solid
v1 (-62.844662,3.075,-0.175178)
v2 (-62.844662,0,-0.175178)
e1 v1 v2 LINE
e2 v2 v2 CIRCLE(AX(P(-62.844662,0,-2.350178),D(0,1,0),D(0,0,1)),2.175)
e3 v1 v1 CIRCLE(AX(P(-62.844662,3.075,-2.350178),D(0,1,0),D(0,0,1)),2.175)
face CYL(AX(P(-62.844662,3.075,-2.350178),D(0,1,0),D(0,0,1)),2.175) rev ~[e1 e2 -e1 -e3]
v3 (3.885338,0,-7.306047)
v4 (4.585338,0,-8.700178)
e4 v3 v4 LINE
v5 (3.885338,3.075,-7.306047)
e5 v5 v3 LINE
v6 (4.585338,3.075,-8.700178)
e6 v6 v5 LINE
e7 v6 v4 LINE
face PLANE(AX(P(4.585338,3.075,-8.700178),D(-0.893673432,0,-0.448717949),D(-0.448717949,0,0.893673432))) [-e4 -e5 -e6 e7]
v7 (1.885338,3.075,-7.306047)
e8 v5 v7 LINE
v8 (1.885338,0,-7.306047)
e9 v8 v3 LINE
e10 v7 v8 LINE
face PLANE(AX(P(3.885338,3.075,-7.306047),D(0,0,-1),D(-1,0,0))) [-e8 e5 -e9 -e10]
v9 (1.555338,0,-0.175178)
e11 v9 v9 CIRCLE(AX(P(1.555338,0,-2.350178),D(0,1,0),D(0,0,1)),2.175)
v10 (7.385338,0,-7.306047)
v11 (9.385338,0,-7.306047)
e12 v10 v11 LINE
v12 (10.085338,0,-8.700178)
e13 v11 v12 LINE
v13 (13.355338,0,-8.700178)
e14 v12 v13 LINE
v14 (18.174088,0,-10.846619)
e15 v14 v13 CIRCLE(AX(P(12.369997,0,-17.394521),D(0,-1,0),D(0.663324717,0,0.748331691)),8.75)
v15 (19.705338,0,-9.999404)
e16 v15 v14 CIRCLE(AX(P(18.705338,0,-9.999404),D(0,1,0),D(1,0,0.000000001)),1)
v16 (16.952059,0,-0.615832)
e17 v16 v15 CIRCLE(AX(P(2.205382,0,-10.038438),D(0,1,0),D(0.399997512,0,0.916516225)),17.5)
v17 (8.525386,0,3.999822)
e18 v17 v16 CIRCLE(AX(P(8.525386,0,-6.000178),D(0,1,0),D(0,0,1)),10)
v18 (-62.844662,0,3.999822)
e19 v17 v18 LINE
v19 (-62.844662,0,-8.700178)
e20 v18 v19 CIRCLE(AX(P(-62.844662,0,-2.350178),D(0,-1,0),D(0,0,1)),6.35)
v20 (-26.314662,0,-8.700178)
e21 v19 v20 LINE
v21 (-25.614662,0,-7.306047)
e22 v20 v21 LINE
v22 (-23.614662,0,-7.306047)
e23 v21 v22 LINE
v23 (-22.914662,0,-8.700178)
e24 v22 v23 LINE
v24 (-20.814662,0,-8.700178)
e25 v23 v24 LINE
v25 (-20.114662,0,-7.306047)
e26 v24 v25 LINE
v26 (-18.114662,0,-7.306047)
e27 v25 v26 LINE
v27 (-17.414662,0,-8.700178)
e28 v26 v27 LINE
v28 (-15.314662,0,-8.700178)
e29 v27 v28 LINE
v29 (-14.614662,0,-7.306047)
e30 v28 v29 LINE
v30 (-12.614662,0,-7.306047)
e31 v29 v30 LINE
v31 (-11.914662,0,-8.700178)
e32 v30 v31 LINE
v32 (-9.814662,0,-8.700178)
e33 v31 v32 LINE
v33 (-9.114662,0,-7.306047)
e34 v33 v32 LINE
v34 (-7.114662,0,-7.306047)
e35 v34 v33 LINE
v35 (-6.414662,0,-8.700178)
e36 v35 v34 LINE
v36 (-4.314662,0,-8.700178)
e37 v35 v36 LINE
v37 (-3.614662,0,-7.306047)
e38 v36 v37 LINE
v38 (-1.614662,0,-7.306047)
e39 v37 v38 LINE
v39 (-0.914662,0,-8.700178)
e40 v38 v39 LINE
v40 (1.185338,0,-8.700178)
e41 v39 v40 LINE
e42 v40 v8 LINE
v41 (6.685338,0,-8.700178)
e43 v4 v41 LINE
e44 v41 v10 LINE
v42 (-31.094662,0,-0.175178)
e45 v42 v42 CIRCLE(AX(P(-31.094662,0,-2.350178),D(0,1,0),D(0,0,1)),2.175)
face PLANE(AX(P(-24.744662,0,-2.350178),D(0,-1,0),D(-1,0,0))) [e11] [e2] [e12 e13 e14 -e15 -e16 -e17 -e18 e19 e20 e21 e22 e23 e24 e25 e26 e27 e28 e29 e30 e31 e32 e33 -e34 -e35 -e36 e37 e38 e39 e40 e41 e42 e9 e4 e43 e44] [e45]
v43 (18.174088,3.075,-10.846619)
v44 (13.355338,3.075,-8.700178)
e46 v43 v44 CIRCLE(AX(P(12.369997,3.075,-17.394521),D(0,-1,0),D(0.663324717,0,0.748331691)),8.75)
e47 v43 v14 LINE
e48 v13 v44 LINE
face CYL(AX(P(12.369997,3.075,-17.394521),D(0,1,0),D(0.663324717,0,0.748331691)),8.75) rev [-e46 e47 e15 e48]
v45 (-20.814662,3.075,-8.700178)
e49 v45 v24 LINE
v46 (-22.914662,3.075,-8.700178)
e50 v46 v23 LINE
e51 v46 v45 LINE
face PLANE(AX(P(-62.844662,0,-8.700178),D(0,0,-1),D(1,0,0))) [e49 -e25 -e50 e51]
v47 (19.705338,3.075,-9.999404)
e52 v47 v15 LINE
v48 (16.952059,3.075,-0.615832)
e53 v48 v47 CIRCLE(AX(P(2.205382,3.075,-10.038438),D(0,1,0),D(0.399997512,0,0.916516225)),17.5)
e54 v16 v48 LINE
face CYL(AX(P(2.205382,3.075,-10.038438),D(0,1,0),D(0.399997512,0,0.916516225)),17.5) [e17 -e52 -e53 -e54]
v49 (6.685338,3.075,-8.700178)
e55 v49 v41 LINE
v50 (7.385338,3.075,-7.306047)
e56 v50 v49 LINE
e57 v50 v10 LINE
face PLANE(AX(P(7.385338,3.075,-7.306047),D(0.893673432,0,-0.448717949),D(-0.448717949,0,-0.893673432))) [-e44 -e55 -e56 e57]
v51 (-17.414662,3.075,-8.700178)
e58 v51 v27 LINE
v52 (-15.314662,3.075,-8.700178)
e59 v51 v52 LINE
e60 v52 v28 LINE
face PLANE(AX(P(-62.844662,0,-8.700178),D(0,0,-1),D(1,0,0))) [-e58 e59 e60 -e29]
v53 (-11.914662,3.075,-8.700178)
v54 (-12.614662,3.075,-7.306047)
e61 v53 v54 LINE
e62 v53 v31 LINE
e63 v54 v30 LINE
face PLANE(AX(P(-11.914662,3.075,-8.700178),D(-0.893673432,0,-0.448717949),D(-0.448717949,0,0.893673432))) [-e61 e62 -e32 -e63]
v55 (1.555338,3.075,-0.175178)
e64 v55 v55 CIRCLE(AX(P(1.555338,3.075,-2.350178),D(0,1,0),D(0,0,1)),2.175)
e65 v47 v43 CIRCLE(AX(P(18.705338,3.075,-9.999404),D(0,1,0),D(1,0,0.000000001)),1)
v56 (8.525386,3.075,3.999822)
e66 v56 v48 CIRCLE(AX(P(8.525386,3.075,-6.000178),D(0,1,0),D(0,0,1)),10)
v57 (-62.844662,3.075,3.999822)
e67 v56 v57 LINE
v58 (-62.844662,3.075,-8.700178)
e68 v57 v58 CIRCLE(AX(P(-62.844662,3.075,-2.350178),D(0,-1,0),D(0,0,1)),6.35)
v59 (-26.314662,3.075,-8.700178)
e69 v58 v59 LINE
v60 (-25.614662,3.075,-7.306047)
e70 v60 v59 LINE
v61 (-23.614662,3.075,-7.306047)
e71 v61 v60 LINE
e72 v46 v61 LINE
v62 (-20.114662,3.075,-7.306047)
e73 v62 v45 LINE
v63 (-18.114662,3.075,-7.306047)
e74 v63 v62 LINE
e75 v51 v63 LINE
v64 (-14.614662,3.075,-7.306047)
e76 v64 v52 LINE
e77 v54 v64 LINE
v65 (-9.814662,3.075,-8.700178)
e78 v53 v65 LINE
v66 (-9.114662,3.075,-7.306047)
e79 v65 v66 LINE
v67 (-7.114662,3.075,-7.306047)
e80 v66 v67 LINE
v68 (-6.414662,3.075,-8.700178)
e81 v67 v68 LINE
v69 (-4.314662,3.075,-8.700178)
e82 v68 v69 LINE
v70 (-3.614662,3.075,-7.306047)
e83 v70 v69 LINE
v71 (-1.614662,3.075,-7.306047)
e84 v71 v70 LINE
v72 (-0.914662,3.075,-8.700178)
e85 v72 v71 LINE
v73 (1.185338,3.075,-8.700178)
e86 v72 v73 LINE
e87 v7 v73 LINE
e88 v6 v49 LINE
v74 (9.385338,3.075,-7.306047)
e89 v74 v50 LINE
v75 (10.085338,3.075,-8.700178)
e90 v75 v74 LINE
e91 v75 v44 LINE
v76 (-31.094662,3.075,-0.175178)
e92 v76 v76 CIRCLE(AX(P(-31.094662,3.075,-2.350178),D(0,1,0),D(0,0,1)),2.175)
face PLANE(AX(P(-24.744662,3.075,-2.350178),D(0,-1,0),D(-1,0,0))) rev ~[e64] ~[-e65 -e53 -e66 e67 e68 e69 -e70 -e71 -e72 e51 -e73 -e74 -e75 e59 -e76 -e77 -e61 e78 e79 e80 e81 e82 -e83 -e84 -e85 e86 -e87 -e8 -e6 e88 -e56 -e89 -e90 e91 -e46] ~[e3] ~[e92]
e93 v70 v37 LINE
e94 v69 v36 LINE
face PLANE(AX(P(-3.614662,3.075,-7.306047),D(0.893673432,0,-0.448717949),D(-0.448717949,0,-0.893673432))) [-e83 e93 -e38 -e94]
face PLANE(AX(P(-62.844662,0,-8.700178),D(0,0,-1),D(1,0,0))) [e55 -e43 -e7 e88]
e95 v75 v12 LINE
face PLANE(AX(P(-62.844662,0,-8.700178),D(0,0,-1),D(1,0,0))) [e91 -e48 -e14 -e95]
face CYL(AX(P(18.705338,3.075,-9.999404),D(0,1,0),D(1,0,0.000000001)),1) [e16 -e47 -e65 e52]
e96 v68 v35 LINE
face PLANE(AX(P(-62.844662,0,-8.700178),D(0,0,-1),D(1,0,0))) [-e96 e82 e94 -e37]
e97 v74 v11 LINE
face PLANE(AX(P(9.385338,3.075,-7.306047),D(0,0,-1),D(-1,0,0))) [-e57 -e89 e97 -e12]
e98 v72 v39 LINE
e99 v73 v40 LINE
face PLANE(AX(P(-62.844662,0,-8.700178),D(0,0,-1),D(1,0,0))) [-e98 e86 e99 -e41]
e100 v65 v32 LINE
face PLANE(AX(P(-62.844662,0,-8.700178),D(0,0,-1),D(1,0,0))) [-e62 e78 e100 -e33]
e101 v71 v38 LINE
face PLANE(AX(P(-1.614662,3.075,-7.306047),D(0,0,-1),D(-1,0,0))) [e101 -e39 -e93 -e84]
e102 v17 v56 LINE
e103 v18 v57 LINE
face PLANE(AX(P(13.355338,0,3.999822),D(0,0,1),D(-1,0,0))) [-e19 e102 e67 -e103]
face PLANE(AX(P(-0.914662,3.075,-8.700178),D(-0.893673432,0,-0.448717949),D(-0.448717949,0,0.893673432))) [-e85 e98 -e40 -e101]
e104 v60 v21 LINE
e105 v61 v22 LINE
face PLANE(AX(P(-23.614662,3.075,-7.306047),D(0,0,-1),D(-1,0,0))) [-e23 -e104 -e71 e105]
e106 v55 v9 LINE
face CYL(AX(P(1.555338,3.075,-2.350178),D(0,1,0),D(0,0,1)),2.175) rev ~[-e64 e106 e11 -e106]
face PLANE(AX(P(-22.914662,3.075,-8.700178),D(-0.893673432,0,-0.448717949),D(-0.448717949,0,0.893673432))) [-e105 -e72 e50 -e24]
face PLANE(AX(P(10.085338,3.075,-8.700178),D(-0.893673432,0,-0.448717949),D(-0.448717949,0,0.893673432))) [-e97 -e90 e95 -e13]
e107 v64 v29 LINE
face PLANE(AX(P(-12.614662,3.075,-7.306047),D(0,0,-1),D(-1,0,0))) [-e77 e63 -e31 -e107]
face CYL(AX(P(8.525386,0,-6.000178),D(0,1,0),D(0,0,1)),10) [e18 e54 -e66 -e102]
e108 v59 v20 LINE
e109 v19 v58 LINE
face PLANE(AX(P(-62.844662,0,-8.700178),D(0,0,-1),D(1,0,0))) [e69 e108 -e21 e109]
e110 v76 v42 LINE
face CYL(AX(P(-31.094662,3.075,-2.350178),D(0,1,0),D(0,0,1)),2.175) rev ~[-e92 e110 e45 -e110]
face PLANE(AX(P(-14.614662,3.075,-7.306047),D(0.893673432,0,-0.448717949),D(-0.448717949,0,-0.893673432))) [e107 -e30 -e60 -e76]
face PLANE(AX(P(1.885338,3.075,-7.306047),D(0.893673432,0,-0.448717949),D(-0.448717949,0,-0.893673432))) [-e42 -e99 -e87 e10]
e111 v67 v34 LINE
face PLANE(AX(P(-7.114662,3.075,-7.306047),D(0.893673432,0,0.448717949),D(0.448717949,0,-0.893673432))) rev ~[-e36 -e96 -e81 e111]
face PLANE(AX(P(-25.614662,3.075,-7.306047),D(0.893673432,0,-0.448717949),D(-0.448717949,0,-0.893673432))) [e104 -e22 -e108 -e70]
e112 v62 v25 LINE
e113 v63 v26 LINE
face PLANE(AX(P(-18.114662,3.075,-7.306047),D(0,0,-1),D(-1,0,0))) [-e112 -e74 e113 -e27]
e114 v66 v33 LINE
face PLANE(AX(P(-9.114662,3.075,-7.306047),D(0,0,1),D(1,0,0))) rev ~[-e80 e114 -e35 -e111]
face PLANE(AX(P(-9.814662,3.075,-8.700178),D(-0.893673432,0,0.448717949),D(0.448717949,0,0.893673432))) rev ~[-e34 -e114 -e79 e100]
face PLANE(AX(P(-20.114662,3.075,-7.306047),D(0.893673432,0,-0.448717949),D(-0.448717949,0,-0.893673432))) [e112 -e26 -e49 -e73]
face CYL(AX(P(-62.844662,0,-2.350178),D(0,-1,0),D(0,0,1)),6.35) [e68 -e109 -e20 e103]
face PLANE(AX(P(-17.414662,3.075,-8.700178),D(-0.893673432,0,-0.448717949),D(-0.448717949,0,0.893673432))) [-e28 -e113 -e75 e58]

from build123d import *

# Parameters (mm, degrees)
BOSS_EXTRUDE1_DEPTH = 3.075
SKETCH2_R           = 2.175
CUT_EXTRUDE2_DEPTH  = 6.35
BOSS_EXTRUDE2_DEPTH = 3.075
CUT_EXTRUDE3_DEPTH  = 10
FILLET1_R           = 10
CUT_EXTRUDE4_DEPTH  = 10


with BuildPart() as part:
    # Sketch1 → Boss-Extrude1 (new body)
    with BuildSketch(Plane(origin=(0, 0, 0), x_dir=(1, 0, 0), z_dir=(0, 1, 0))):
        with BuildLine():
            Line((-62.844661922, 8.700177936), (13.355338078, 8.700177936))
            ThreePointArc((13.355338078, 8.700177936), (19.705338078, 2.350177936), (13.355338078, -3.999822064))
            Line((13.355338078, -3.999822064), (-62.844661922, -3.999822064))
            ThreePointArc((-62.844661922, -3.999822064), (-69.194661922, 2.350177936), (-62.844661922, 8.700177936))
        make_face()
    extrude(amount=BOSS_EXTRUDE1_DEPTH)

    # Sketch2 → Cut-Extrude2 (cut)
    with BuildSketch(Plane(origin=(0, 3.075, 0), x_dir=(1, 0, 0), z_dir=(0, 1, 0))):
        with Locations(Location((-62.844661922, 2.350177936, 0), (0, 0, 270))):
            Circle(SKETCH2_R)
        with Locations(Location((-31.094661922, 2.350177936, 0), (0, 0, 270))):
            Circle(SKETCH2_R)
        with Locations(Location((1.555338078, 2.350177936, 0), (0, 0, 270))):
            Circle(SKETCH2_R)
    extrude(amount=-CUT_EXTRUDE2_DEPTH, mode=Mode.SUBTRACT)

    # Sketch3 → Boss-Extrude2 (add)
    with BuildSketch(Plane(origin=(0, 3.075, 0), x_dir=(1, 0, 0), z_dir=(0, 1, 0))):
        with BuildLine():
            Line((13.355338078, 8.700177936), (13.355338078, 2.350177936))
            Line((13.355338078, 2.350177936), (19.705338078, 2.350177936))
            Line((19.705338078, 2.350177936), (19.705338078, 9.999403669))
            ThreePointArc((19.705338078, 9.999403669), (19.189460997, 10.874403669), (18.174088078, 10.846618776))
            ThreePointArc((18.174088078, 10.846618776), (15.930319915, 9.401611756), (13.355338078, 8.700177936))
        make_face()
    extrude(amount=-BOSS_EXTRUDE2_DEPTH)

    # Sketch4 → Cut-Extrude3 (cut)
    with BuildSketch(Plane(origin=(0, 3.075, 0), x_dir=(1, 0, 0), z_dir=(0, 1, 0))):
        with BuildLine():
            Line((19.705338078, 9.999403669), (19.705338078, -6.000596331))
            Line((19.705338078, -6.000596331), (9.205338078, -6.000596331))
            ThreePointArc((9.205338078, -6.000596331), (16.836220051, 0.436949875), (19.705338078, 9.999403669))
        make_face()
    extrude(amount=-CUT_EXTRUDE3_DEPTH, mode=Mode.SUBTRACT)

    # Fillet1
    fillet1_edges = [part.edges().sort_by_distance(p)[0] for p in [
        (12.654174153, 1.5375, 3.999822064),
    ]]
    fillet(fillet1_edges, radius=FILLET1_R)

    # Sketch5 → Cut-Extrude4 (cut)
    with BuildSketch(Plane(origin=(0, 3.075, 0), x_dir=(1, 0, 0), z_dir=(0, 1, 0))):
        Polygon((-4.314661922, 8.700177936), (-0.914661922, 8.700177936), (-1.614661922, 7.306047383), (-3.614661922, 7.306047383), align=None)
        Polygon((-9.814661922, 8.700177936), (-9.114661922, 7.306047383), (-7.114661922, 7.306047383), (-6.414661922, 8.700177936), align=None)
        Polygon((1.185338078, 8.700177936), (4.585338078, 8.700177936), (3.885338078, 7.306047383), (1.885338078, 7.306047383), align=None)
        Polygon((6.685338078, 8.700177936), (10.085338078, 8.700177936), (9.385338078, 7.306047383), (7.385338078, 7.306047383), align=None)
        Polygon((-15.314661922, 8.700177936), (-11.914661922, 8.700177936), (-12.614661922, 7.306047383), (-14.614661922, 7.306047383), align=None)
        Polygon((-20.814661922, 8.700177936), (-17.414661922, 8.700177936), (-18.114661922, 7.306047383), (-20.114661922, 7.306047383), align=None)
        Polygon((-26.314661922, 8.700177936), (-22.914661922, 8.700177936), (-23.614661922, 7.306047383), (-25.614661922, 7.306047383), align=None)
    extrude(amount=-CUT_EXTRUDE4_DEPTH, mode=Mode.SUBTRACT)


solid = part.part
